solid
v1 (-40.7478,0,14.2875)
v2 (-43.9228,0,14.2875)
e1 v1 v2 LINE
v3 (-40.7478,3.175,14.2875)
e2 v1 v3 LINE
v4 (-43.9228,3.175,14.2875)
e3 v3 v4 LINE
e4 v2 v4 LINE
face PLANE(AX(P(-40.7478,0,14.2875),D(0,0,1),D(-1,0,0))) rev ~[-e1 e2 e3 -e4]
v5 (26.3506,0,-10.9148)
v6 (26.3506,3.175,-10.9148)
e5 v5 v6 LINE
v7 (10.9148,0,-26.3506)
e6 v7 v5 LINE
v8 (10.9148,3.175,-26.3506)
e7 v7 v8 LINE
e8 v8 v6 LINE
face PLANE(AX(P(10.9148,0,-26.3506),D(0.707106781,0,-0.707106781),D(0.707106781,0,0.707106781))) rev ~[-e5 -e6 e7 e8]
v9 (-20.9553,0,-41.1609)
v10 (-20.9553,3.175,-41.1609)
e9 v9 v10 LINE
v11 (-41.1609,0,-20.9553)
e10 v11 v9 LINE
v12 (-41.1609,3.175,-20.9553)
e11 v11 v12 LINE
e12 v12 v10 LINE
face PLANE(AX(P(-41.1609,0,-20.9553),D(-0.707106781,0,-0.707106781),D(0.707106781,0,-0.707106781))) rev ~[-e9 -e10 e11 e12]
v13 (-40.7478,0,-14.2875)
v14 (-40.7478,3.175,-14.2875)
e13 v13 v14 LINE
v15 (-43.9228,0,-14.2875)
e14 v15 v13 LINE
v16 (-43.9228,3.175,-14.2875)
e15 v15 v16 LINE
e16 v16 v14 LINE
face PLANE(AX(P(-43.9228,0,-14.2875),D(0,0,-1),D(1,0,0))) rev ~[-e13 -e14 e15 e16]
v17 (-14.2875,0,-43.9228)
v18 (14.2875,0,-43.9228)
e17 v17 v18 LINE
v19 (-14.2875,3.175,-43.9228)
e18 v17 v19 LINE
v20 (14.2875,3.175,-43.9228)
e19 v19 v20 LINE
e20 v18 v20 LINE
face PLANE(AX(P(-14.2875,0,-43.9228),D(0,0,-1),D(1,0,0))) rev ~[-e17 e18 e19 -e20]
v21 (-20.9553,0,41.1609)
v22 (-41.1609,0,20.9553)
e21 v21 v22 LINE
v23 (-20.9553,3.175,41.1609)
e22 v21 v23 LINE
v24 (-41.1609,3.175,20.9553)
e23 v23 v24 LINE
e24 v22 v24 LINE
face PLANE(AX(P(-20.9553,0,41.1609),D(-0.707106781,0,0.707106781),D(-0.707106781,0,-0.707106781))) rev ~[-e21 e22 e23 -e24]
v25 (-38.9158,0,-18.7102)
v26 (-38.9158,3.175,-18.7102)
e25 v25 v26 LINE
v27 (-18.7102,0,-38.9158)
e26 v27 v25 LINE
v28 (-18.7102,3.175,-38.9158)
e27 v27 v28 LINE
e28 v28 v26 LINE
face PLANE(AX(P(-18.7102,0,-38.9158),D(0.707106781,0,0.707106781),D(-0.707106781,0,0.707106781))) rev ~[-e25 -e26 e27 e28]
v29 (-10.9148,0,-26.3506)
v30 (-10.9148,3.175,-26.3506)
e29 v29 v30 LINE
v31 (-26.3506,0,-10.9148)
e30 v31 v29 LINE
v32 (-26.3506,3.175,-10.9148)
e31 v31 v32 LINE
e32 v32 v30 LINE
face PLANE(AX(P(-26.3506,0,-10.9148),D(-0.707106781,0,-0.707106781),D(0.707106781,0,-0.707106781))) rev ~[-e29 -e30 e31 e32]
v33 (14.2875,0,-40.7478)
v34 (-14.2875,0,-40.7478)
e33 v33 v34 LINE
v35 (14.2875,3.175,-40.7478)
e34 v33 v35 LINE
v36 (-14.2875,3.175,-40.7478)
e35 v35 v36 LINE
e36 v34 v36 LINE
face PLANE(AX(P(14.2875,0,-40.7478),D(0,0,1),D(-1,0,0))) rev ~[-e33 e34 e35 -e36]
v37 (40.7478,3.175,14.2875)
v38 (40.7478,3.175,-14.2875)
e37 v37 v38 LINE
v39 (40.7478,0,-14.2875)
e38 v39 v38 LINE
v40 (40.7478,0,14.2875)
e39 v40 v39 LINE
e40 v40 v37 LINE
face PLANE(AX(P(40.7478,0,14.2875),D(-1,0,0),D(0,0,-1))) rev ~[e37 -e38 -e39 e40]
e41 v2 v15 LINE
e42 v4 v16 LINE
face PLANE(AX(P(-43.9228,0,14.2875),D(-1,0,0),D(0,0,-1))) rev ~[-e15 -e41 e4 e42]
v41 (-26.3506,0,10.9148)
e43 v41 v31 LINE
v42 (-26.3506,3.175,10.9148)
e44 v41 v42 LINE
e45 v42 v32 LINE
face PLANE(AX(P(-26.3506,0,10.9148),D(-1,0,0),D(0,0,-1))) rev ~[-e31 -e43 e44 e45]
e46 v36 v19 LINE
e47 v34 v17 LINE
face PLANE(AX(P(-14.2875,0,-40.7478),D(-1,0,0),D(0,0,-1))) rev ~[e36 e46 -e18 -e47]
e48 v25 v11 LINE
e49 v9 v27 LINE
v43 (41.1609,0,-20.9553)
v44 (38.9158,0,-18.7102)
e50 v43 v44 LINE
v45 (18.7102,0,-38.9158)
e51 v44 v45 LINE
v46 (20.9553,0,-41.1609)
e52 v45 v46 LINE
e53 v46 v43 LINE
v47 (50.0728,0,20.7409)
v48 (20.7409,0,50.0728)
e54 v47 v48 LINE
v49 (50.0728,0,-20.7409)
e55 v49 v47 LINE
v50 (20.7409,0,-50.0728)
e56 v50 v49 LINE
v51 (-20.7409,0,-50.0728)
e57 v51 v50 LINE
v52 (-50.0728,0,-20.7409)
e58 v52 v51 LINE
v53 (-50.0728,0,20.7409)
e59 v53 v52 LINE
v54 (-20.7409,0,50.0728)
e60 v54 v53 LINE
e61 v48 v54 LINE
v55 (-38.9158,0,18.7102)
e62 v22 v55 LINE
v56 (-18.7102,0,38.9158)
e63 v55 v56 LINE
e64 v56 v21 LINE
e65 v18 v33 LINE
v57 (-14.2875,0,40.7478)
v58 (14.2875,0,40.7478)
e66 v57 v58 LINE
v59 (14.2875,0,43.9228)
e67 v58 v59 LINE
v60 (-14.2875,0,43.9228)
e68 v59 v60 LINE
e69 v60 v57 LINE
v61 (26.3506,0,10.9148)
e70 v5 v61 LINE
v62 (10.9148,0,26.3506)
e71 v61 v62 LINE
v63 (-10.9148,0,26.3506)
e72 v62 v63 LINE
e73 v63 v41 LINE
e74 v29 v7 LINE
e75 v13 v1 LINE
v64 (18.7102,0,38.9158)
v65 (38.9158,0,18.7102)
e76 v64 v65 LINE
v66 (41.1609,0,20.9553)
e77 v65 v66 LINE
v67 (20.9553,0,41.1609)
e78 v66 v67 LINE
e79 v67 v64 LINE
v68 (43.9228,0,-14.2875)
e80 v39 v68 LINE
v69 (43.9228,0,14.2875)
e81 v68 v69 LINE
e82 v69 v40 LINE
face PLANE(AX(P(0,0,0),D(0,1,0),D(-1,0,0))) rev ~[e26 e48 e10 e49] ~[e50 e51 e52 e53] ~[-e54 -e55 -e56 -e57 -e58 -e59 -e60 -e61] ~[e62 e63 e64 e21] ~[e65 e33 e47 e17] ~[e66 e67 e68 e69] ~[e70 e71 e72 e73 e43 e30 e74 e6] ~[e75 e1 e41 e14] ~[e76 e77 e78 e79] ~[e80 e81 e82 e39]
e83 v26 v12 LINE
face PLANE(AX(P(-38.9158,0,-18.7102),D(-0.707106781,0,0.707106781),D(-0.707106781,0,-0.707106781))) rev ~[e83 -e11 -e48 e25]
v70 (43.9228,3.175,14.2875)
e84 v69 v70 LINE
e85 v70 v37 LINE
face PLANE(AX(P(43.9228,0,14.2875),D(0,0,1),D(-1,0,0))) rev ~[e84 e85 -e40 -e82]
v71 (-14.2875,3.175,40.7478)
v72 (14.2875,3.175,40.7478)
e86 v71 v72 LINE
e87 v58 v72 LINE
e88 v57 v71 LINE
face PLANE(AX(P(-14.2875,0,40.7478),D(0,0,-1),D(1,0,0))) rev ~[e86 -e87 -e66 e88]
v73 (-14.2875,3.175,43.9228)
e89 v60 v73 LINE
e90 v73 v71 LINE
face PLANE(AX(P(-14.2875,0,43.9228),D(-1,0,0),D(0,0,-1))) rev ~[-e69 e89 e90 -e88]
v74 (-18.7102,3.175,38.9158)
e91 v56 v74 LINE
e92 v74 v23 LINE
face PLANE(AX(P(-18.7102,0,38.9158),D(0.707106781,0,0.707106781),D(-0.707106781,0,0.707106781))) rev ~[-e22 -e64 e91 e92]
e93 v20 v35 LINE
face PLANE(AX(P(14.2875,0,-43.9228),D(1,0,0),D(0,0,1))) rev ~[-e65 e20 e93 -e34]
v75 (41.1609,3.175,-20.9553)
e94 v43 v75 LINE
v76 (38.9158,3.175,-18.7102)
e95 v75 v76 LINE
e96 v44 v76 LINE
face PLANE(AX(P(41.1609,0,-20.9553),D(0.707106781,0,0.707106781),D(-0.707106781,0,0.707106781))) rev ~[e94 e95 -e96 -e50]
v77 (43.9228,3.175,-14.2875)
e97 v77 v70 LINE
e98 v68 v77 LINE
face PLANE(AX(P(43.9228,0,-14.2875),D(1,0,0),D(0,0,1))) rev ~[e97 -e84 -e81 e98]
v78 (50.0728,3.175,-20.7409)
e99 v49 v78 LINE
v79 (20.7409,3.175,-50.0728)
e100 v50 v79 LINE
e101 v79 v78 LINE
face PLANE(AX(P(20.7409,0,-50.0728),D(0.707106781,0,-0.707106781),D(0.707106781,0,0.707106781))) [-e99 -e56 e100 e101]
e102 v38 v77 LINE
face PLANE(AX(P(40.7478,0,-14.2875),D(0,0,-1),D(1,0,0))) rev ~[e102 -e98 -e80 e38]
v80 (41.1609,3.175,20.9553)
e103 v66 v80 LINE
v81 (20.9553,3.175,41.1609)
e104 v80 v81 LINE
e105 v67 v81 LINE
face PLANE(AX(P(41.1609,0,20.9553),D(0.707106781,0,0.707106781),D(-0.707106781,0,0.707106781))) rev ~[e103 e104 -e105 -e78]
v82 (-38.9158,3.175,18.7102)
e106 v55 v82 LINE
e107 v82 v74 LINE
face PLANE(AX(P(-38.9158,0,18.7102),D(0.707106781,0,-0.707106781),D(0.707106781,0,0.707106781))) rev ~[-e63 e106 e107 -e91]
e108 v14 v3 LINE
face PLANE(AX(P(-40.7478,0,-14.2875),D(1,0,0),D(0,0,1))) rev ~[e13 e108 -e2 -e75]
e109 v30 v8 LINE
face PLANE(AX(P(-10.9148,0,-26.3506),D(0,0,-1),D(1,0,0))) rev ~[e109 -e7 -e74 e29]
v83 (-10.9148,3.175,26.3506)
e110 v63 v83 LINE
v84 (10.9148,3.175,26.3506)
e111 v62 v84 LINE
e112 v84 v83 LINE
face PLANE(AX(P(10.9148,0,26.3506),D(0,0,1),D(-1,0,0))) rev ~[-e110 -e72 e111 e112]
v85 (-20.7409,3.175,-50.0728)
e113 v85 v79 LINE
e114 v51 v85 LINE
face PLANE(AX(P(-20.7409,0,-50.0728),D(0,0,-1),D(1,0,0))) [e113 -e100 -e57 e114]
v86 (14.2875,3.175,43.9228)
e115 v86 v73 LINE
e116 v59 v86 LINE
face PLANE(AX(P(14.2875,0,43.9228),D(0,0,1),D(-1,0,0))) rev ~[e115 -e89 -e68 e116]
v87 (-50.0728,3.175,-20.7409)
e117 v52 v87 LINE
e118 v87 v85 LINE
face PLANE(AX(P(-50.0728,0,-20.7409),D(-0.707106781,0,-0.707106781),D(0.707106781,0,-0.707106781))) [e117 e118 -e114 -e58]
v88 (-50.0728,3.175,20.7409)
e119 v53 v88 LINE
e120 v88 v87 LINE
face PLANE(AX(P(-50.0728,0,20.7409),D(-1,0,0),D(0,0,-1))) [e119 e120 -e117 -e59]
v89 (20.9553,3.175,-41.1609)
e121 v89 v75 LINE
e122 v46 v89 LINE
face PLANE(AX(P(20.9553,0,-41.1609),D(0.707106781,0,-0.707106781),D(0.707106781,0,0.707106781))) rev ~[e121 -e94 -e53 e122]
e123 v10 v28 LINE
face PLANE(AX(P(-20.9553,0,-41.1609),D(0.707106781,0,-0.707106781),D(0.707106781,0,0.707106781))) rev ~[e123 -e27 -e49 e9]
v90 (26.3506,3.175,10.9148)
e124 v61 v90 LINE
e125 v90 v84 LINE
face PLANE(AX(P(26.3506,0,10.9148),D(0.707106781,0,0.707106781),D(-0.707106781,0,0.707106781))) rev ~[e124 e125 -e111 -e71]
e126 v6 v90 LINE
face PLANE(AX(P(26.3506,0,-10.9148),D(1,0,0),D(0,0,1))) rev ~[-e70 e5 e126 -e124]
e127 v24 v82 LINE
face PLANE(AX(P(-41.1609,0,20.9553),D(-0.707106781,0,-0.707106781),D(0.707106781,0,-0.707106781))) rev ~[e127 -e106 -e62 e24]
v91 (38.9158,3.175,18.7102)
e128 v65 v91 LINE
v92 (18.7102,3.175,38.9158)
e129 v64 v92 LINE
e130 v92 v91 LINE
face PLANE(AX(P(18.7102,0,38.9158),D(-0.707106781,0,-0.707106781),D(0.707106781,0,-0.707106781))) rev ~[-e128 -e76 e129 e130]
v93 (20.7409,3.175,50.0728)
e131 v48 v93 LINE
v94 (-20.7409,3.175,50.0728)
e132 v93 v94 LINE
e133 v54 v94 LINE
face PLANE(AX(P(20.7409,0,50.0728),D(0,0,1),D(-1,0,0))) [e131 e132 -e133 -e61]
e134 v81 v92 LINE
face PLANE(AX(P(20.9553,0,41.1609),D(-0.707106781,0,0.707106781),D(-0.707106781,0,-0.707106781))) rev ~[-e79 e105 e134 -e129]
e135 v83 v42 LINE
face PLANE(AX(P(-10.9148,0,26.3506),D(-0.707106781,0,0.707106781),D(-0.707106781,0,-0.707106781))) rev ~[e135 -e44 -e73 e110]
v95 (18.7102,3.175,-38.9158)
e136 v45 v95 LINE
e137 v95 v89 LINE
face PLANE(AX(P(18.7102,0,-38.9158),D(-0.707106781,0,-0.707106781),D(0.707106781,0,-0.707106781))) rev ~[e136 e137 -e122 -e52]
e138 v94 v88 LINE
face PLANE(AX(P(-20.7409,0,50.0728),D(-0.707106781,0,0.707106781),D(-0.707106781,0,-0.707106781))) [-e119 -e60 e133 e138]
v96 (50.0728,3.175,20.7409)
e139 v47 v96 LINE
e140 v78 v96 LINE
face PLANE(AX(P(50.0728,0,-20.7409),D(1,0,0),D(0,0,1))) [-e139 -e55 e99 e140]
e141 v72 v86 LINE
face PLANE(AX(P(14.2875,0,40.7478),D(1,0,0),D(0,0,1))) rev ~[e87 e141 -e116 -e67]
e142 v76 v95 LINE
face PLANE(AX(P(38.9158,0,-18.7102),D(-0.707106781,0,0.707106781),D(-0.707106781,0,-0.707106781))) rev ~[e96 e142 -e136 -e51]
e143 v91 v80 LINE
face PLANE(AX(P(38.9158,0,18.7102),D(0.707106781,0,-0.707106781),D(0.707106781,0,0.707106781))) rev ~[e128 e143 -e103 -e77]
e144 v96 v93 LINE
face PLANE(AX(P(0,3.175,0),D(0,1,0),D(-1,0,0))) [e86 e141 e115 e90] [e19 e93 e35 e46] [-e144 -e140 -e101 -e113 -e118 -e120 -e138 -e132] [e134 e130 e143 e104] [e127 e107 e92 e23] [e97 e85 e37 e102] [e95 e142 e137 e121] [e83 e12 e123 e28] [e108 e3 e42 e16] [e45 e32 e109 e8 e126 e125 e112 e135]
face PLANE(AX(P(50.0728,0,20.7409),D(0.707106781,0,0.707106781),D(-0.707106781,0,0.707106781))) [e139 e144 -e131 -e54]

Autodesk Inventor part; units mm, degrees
ref_plane "YZ Plane" through (0, 0, 0) normal (1, 0, 0) x (0, 1, 0)
ref_plane "XZ Plane" through (0, 0, 0) normal (0, 1, 0) x (-1, 0, 0)
ref_plane "XY Plane" through (0, 0, 0) normal (0, 0, 1) x (1, 0, 0)
sketch "Sketch1" plane through (0, 0, 0) normal (0, 1, 0) x (-1, 0, 0)
  line L0 (-14.2875, -40.7478) -> (14.2875, -40.7478)
  line L1 (14.2875, -40.7478) -> (14.2875, -43.9228)
  line L2 (14.2875, -43.9228) -> (-14.2875, -43.9228)
  line L3 (-14.2875, -43.9228) -> (-14.2875, -40.7478)
  line L4 (18.7102, -38.9158) -> (38.9158, -18.7102)
  line L5 (38.9158, -18.7102) -> (41.1609, -20.9553)
  line L6 (41.1609, -20.9553) -> (20.9553, -41.1609)
  line L7 (20.9553, -41.1609) -> (18.7102, -38.9158)
  line L8 (40.7478, -14.2875) -> (40.7478, 14.2875)
  line L9 (40.7478, 14.2875) -> (43.9228, 14.2875)
  line L10 (43.9228, 14.2875) -> (43.9228, -14.2875)
  line L11 (43.9228, -14.2875) -> (40.7478, -14.2875)
  line L12 (38.9158, 18.7102) -> (18.7102, 38.9158)
  line L13 (18.7102, 38.9158) -> (20.9553, 41.1609)
  line L14 (20.9553, 41.1609) -> (41.1609, 20.9553)
  line L15 (41.1609, 20.9553) -> (38.9158, 18.7102)
  line L16 (14.2875, 40.7478) -> (-14.2875, 40.7478)
  line L17 (-14.2875, 40.7478) -> (-14.2875, 43.9228)
  line L18 (-14.2875, 43.9228) -> (14.2875, 43.9228)
  line L19 (14.2875, 43.9228) -> (14.2875, 40.7478)
  line L20 (-18.7102, 38.9158) -> (-38.9158, 18.7102)
  line L21 (-38.9158, 18.7102) -> (-41.1609, 20.9553)
  line L22 (-41.1609, 20.9553) -> (-20.9553, 41.1609)
  line L23 (-20.9553, 41.1609) -> (-18.7102, 38.9158)
  line L24 (-40.7478, 14.2875) -> (-40.7478, -14.2875)
  line L25 (-40.7478, -14.2875) -> (-43.9228, -14.2875)
  line L26 (-43.9228, -14.2875) -> (-43.9228, 14.2875)
  line L27 (-43.9228, 14.2875) -> (-40.7478, 14.2875)
  line L28 (-38.9158, -18.7102) -> (-18.7102, -38.9158)
  line L29 (-18.7102, -38.9158) -> (-20.9553, -41.1609)
  line L30 (-20.9553, -41.1609) -> (-41.1609, -20.9553)
  line L31 (-41.1609, -20.9553) -> (-38.9158, -18.7102)
  line L32 (50.0728, -20.7409) -> (20.7409, -50.0728)
  line L33 (20.7409, -50.0728) -> (-20.7409, -50.0728)
  line L34 (-20.7409, -50.0728) -> (-50.0728, -20.7409)
  line L35 (-50.0728, -20.7409) -> (-50.0728, 20.7409)
  line L36 (-50.0728, 20.7409) -> (-20.7409, 50.0728)
  line L37 (-20.7409, 50.0728) -> (20.7409, 50.0728)
  line L38 (20.7409, 50.0728) -> (50.0728, 20.7409)
  line L39 (50.0728, 20.7409) -> (50.0728, -20.7409)
  line L40 (26.3506, -10.9148) -> (10.9148, -26.3506)
  line L41 (10.9148, -26.3506) -> (-10.9148, -26.3506)
  line L42 (-10.9148, -26.3506) -> (-26.3506, -10.9148)
  line L43 (-26.3506, -10.9148) -> (-26.3506, 10.9148)
  line L44 (-26.3506, 10.9148) -> (-10.9148, 26.3506)
  line L45 (-10.9148, 26.3506) -> (10.9148, 26.3506)
  line L46 (10.9148, 26.3506) -> (26.3506, 10.9148)
  line L47 (26.3506, 10.9148) -> (26.3506, -10.9148)
  point P0 (0, 0)
  point P1 (0, 0)
  point P2 (0, 0)
  point P3 (0, 0)
  dimension "d0" = 28.575
  dimension "d1" = 3.175
  dimension "d2" = 43.18
  dimension "d3" = 43.18
  dimension "d6" = 360
extrude "Extrusion1" add sketch "Sketch1" along normal blind 3.175
equation "\"d3\" = d2"
properties part number "octoBotoStemRingLarger01"
